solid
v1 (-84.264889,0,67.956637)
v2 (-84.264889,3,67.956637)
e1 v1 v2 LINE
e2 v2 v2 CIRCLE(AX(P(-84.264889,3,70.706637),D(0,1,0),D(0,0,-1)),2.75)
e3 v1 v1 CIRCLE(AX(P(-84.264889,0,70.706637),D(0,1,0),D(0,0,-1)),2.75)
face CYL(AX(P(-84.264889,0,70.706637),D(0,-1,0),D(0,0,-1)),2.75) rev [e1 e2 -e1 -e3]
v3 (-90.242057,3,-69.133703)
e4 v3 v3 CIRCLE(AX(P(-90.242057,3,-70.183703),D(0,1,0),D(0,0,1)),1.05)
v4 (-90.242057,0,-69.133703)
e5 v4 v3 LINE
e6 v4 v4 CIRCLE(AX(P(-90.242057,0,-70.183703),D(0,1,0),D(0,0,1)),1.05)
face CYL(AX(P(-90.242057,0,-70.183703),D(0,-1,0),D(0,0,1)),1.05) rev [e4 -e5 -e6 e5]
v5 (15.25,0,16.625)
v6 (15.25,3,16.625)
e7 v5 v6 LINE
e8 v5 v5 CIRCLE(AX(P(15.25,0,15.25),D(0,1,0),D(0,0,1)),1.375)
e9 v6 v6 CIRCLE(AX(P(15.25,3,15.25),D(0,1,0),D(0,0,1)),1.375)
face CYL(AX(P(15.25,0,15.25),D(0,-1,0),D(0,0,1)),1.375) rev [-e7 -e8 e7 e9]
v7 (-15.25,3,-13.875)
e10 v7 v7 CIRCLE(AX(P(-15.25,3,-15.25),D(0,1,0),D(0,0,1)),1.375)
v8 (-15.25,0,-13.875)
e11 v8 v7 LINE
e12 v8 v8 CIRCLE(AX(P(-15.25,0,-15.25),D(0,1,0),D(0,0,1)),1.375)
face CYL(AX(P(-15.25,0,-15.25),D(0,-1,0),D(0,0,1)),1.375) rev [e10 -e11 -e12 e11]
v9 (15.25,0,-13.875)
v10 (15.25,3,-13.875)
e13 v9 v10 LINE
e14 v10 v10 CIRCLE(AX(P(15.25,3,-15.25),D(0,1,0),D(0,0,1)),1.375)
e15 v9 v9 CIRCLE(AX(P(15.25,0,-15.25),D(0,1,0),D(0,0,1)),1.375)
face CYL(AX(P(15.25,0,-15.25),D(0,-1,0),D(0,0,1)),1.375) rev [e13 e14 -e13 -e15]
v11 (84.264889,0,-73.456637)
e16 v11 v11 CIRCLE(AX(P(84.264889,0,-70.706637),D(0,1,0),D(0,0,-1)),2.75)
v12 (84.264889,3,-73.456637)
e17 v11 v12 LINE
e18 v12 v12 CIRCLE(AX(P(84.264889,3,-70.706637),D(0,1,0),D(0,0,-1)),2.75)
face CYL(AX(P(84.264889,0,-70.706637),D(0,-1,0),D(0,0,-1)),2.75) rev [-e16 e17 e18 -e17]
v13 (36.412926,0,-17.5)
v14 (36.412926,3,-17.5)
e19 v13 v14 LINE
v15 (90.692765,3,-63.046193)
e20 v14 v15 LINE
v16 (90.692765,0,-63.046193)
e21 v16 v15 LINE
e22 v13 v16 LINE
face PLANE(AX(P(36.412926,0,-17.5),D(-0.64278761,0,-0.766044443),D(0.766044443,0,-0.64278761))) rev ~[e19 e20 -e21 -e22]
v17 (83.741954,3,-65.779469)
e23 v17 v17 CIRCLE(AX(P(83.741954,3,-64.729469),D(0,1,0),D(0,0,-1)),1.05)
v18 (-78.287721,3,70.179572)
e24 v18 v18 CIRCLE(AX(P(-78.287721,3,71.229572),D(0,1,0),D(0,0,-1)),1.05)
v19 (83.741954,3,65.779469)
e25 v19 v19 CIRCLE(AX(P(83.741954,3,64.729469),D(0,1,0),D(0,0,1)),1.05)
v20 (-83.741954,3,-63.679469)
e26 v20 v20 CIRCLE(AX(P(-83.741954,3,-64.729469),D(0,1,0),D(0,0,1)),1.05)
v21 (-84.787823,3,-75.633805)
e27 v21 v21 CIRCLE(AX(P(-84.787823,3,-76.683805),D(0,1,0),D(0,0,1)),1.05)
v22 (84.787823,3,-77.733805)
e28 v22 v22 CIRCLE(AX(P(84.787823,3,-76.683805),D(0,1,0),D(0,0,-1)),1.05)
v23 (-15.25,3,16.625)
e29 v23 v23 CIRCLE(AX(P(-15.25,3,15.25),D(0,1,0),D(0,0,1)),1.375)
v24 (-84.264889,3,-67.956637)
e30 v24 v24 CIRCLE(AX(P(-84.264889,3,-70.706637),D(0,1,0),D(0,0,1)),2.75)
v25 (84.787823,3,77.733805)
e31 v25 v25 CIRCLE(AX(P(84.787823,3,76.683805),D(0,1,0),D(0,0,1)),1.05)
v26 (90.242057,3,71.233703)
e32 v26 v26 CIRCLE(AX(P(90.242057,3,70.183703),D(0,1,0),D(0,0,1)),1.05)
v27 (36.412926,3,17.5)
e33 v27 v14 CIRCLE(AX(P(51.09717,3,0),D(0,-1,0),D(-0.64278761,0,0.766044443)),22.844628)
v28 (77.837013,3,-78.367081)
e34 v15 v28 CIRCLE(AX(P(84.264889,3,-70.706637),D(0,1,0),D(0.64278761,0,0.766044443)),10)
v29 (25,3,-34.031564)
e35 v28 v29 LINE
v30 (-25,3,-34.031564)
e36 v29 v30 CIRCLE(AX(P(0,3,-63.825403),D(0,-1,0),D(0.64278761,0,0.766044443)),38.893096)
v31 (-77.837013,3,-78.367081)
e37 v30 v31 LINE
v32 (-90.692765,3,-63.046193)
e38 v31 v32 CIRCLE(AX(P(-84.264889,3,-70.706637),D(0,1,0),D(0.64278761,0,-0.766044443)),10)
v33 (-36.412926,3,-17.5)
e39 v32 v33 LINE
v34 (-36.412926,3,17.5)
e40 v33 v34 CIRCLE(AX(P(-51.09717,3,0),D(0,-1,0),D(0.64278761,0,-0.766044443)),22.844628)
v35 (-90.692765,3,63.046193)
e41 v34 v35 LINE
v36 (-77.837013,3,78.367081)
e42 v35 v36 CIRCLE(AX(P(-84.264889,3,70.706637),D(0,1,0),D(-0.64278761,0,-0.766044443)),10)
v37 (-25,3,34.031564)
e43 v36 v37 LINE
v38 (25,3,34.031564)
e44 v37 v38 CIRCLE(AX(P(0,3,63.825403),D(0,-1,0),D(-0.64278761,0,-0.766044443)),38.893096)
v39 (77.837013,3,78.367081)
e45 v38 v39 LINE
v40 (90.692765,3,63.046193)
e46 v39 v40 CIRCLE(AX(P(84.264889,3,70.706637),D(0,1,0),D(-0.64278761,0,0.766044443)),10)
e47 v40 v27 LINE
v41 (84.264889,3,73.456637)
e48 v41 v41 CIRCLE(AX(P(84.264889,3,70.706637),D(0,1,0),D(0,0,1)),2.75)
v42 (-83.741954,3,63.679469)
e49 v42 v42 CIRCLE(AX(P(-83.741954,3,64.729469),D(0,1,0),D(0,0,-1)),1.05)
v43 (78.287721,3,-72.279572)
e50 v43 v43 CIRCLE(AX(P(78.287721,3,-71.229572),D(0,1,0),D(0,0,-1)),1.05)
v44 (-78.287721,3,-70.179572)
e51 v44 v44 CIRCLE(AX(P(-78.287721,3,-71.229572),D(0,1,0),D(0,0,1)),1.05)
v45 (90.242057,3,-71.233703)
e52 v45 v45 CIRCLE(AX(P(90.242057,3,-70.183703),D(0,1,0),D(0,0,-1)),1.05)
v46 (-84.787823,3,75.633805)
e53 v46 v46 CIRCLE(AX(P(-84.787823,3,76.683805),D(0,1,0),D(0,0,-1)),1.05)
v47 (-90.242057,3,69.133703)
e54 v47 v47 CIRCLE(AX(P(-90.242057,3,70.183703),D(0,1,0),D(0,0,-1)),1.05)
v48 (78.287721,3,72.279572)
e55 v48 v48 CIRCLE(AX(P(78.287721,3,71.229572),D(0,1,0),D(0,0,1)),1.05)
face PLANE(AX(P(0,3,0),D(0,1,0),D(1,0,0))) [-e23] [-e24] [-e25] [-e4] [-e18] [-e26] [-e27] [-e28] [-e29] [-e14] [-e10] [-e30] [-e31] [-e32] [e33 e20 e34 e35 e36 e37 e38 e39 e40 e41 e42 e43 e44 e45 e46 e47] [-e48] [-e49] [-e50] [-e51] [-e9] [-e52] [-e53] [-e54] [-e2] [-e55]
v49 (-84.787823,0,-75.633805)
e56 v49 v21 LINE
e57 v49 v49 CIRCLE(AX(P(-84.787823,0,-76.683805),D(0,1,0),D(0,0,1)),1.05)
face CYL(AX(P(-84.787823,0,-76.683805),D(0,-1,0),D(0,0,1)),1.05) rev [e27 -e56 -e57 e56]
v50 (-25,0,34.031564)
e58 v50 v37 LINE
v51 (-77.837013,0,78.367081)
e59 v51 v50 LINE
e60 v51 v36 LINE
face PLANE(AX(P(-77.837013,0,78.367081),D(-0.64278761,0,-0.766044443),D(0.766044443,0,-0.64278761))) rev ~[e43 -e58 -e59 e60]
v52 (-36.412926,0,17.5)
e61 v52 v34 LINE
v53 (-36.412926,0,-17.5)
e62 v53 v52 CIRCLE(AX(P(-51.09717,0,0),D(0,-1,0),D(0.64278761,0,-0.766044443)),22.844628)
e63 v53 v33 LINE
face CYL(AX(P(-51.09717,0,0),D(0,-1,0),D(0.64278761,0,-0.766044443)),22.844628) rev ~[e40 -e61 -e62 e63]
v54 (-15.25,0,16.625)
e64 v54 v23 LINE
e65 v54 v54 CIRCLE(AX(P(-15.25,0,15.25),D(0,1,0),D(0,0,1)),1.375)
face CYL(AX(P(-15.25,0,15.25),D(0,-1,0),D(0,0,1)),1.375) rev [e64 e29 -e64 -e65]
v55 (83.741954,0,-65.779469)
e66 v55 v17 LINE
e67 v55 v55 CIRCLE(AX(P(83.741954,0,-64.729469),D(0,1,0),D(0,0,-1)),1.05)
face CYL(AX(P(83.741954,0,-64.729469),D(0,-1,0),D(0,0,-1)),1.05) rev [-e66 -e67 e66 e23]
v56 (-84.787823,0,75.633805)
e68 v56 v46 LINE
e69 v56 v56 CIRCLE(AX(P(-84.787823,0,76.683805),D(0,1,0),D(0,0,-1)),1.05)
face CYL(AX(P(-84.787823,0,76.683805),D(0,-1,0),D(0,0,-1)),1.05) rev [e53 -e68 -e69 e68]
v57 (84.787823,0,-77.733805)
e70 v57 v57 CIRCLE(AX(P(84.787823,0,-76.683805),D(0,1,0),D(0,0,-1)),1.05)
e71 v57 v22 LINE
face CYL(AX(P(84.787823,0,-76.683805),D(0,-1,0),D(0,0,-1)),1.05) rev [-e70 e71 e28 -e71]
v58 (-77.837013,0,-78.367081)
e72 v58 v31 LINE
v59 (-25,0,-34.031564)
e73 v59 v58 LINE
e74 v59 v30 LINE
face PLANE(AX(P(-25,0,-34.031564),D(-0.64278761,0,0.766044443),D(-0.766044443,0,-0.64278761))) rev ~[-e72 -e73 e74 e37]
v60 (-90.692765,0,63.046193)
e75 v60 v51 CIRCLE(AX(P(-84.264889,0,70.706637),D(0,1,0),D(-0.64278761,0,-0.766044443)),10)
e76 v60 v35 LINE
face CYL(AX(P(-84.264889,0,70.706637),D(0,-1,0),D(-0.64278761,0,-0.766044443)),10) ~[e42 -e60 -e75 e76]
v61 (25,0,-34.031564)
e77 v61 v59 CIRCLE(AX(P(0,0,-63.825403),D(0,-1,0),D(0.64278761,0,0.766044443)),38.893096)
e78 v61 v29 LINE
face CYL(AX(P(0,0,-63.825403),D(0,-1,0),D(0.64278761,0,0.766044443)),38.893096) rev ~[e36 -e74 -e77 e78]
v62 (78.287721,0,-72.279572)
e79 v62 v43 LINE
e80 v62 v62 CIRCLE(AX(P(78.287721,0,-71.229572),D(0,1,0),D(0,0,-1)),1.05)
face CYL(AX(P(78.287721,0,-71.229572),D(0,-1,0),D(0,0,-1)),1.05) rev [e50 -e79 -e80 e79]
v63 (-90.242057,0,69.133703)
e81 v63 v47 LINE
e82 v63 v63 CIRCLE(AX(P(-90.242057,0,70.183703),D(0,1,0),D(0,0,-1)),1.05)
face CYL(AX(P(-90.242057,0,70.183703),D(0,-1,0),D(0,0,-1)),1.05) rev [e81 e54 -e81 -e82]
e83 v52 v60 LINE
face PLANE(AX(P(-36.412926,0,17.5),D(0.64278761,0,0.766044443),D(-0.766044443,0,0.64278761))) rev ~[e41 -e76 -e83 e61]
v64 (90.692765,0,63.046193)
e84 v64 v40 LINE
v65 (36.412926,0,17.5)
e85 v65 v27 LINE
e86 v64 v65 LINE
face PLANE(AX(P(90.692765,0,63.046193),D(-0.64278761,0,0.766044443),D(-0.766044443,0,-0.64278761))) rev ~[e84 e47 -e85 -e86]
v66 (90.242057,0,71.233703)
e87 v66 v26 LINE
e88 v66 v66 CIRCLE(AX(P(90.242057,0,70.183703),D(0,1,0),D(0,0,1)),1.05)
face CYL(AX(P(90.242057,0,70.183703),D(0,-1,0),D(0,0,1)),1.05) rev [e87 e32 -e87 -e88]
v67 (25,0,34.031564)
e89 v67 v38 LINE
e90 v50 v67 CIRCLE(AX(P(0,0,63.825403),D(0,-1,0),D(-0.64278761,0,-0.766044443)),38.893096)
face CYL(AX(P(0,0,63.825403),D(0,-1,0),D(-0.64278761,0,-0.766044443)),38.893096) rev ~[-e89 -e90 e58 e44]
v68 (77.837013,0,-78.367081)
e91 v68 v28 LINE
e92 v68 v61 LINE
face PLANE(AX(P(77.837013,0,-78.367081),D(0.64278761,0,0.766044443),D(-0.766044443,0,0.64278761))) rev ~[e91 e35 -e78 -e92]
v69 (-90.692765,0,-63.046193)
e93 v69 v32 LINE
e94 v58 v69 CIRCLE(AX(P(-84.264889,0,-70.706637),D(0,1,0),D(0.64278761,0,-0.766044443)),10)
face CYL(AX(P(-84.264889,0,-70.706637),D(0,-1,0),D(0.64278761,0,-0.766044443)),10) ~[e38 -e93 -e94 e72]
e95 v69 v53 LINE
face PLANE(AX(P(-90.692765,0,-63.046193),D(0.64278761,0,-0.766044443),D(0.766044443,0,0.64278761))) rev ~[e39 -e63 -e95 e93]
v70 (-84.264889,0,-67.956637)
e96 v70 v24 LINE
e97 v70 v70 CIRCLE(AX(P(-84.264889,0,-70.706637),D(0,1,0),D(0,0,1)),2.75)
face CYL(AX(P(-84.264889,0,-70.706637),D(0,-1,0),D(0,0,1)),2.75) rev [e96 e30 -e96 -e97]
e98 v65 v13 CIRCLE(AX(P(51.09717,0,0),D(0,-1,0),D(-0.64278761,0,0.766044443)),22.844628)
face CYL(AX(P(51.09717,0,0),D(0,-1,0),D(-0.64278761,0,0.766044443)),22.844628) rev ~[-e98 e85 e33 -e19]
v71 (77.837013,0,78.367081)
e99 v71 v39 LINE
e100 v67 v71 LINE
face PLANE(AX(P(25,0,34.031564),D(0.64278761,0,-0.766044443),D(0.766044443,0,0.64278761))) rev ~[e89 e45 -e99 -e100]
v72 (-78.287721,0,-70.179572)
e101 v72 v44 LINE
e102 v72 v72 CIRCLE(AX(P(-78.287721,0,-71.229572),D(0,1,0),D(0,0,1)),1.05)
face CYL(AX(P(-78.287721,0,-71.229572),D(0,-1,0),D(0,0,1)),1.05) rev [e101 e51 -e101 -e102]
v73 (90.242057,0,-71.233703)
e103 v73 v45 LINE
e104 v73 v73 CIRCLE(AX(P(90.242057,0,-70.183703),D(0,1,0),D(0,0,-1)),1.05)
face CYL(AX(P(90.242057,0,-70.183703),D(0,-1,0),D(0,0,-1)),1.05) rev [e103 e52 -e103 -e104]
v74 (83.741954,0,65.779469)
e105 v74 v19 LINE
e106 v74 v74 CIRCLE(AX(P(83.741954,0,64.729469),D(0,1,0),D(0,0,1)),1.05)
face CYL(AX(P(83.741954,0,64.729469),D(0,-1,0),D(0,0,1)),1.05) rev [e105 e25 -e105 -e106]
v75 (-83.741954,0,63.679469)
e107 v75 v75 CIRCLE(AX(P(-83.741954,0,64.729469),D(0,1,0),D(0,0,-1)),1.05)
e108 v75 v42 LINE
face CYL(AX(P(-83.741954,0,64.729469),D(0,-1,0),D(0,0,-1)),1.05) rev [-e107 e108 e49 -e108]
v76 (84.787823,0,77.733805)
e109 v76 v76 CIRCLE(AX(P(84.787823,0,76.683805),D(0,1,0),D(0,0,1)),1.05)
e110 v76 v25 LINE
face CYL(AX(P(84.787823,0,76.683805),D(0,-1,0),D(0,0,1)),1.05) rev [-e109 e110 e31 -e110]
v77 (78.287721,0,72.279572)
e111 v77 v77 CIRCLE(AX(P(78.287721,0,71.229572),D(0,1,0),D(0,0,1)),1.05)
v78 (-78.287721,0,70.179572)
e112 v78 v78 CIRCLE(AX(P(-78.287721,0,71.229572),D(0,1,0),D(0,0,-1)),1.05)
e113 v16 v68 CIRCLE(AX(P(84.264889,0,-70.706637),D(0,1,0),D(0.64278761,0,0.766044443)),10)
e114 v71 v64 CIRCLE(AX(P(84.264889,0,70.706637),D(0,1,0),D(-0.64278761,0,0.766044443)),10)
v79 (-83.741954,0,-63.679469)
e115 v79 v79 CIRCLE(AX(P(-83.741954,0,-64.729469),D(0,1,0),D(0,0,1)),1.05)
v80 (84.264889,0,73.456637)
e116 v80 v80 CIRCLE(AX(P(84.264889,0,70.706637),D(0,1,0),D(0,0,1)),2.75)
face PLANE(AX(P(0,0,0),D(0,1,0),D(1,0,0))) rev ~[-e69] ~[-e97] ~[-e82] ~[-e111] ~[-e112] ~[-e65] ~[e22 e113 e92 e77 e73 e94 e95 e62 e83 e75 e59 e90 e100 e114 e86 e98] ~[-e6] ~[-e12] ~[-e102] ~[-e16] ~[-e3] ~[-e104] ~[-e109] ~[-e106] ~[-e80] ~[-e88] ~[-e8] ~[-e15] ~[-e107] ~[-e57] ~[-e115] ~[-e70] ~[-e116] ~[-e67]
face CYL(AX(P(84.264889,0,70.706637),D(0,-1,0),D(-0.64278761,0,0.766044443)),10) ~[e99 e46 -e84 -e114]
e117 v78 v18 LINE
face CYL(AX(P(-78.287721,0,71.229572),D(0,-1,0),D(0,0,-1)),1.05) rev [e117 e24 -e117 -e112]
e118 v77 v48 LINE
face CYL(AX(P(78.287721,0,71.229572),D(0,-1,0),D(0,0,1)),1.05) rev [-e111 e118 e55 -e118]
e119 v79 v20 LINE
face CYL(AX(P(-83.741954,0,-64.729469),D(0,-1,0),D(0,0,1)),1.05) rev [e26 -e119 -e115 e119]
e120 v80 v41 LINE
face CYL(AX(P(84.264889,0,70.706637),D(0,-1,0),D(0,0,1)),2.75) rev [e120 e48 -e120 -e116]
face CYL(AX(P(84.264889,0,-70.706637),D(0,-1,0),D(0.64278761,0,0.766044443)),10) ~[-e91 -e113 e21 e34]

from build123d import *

# Parameters (mm, degrees)
SKETCH2_R           = 1.05
SKETCH2_R_2         = 2.75
BOSS_EXTRUDE2_DEPTH = 3
SKETCH4_R           = 1.375
CUT_EXTRUDE1_DEPTH  = 3


with BuildPart() as part:
    # Sketch2 → Boss-Extrude2 (new body)
    with BuildSketch(Plane(origin=(0, 0, 0), x_dir=(1, 0, 0), z_dir=(0, 1, 0))):
        with BuildLine():
            Line((-90.69276484, 63.046192634), (-36.412926139, 17.5))
            ThreePointArc((-36.412926139, 17.5), (-28.252542121, 0), (-36.412926139, -17.5))
            Line((-36.412926139, -17.5), (-90.69276484, -63.046192634))
            ThreePointArc((-90.69276484, -63.046192634), (-91.925333174, -77.134513162), (-77.837012646, -78.367081497))
            Line((-77.837012646, -78.367081497), (-25, -34.031563673))
            ThreePointArc((-25, -34.031563673), (0, -24.932307816), (25, -34.031563673))
            Line((25, -34.031563673), (77.837012646, -78.367081497))
            ThreePointArc((77.837012646, -78.367081497), (91.925333174, -77.134513162), (90.69276484, -63.046192634))
            Line((90.69276484, -63.046192634), (36.412926139, -17.5))
            ThreePointArc((36.412926139, -17.5), (28.252542121, 0), (36.412926139, 17.5))
            Line((36.412926139, 17.5), (90.69276484, 63.046192634))
            ThreePointArc((90.69276484, 63.046192634), (91.925333174, 77.134513162), (77.837012646, 78.367081497))
            Line((77.837012646, 78.367081497), (25, 34.031563673))
            ThreePointArc((25, 34.031563673), (0, 24.932307816), (-25, 34.031563673))
            Line((-25, 34.031563673), (-77.837012646, 78.367081497))
            ThreePointArc((-77.837012646, 78.367081497), (-91.925333174, 77.134513162), (-90.69276484, 63.046192634))
        make_face()
        with Locations(Location((-84.7878232, 76.683805254, 0), (0, 0, 270))):
            Circle(SKETCH2_R, mode=Mode.SUBTRACT)
        with Locations(Location((-78.287720555, 71.229571522, 0), (0, 0, 270))):
            Circle(SKETCH2_R, mode=Mode.SUBTRACT)
        with Locations(Location((-83.741954287, 64.729468877, 0), (0, 0, 270))):
            Circle(SKETCH2_R, mode=Mode.SUBTRACT)
        with Locations(Location((-90.242056932, 70.183702609, 0), (0, 0, 270))):
            Circle(SKETCH2_R, mode=Mode.SUBTRACT)
        with Locations(Location((-84.264888743, 70.706637066, 0), (0, 0, 270))):
            Circle(SKETCH2_R_2, mode=Mode.SUBTRACT)
        with Locations(Location((-84.7878232, -76.683805254, 0), (0, 0, 90))):
            Circle(SKETCH2_R, mode=Mode.SUBTRACT)
        with Locations(Location((-83.741954287, -64.729468877, 0), (0, 0, 90))):
            Circle(SKETCH2_R, mode=Mode.SUBTRACT)
        with Locations(Location((-90.242056932, -70.183702609, 0), (0, 0, 90))):
            Circle(SKETCH2_R, mode=Mode.SUBTRACT)
        with Locations(Location((-84.264888743, -70.706637066, 0), (0, 0, 90))):
            Circle(SKETCH2_R_2, mode=Mode.SUBTRACT)
        with Locations(Location((-78.287720555, -71.229571522, 0), (0, 0, 90))):
            Circle(SKETCH2_R, mode=Mode.SUBTRACT)
        with Locations(Location((78.287720555, -71.229571522, 0), (0, 0, 270))):
            Circle(SKETCH2_R, mode=Mode.SUBTRACT)
        with Locations(Location((84.264888743, -70.706637066, 0), (0, 0, 270))):
            Circle(SKETCH2_R_2, mode=Mode.SUBTRACT)
        with Locations(Location((90.242056932, -70.183702609, 0), (0, 0, 270))):
            Circle(SKETCH2_R, mode=Mode.SUBTRACT)
        with Locations(Location((83.741954287, -64.729468877, 0), (0, 0, 270))):
            Circle(SKETCH2_R, mode=Mode.SUBTRACT)
        with Locations(Location((84.7878232, -76.683805254, 0), (0, 0, 270))):
            Circle(SKETCH2_R, mode=Mode.SUBTRACT)
        with Locations(Location((84.264888743, 70.706637066, 0), (0, 0, 90))):
            Circle(SKETCH2_R_2, mode=Mode.SUBTRACT)
        with Locations(Location((90.242056932, 70.183702609, 0), (0, 0, 90))):
            Circle(SKETCH2_R, mode=Mode.SUBTRACT)
        with Locations(Location((83.741954287, 64.729468877, 0), (0, 0, 90))):
            Circle(SKETCH2_R, mode=Mode.SUBTRACT)
        with Locations(Location((78.287720555, 71.229571522, 0), (0, 0, 90))):
            Circle(SKETCH2_R, mode=Mode.SUBTRACT)
        with Locations(Location((84.7878232, 76.683805254, 0), (0, 0, 90))):
            Circle(SKETCH2_R, mode=Mode.SUBTRACT)
    extrude(amount=BOSS_EXTRUDE2_DEPTH)

    # Sketch4 → Cut-Extrude1 (cut)
    with BuildSketch(Plane(origin=(0, 0, 0), x_dir=(1, 0, 0), z_dir=(0, 1, 0))):
        with Locations(Location((-15.25, 15.25, 0), (0, 0, 270))):
            Circle(SKETCH4_R)
        with Locations(Location((15.25, -15.25, 0), (0, 0, 270))):
            Circle(SKETCH4_R)
        with Locations(Location((-15.25, -15.25, 0), (0, 0, 270))):
            Circle(SKETCH4_R)
        with Locations(Location((15.25, 15.25, 0), (0, 0, 270))):
            Circle(SKETCH4_R)
    extrude(amount=CUT_EXTRUDE1_DEPTH, mode=Mode.SUBTRACT)


solid = part.part
